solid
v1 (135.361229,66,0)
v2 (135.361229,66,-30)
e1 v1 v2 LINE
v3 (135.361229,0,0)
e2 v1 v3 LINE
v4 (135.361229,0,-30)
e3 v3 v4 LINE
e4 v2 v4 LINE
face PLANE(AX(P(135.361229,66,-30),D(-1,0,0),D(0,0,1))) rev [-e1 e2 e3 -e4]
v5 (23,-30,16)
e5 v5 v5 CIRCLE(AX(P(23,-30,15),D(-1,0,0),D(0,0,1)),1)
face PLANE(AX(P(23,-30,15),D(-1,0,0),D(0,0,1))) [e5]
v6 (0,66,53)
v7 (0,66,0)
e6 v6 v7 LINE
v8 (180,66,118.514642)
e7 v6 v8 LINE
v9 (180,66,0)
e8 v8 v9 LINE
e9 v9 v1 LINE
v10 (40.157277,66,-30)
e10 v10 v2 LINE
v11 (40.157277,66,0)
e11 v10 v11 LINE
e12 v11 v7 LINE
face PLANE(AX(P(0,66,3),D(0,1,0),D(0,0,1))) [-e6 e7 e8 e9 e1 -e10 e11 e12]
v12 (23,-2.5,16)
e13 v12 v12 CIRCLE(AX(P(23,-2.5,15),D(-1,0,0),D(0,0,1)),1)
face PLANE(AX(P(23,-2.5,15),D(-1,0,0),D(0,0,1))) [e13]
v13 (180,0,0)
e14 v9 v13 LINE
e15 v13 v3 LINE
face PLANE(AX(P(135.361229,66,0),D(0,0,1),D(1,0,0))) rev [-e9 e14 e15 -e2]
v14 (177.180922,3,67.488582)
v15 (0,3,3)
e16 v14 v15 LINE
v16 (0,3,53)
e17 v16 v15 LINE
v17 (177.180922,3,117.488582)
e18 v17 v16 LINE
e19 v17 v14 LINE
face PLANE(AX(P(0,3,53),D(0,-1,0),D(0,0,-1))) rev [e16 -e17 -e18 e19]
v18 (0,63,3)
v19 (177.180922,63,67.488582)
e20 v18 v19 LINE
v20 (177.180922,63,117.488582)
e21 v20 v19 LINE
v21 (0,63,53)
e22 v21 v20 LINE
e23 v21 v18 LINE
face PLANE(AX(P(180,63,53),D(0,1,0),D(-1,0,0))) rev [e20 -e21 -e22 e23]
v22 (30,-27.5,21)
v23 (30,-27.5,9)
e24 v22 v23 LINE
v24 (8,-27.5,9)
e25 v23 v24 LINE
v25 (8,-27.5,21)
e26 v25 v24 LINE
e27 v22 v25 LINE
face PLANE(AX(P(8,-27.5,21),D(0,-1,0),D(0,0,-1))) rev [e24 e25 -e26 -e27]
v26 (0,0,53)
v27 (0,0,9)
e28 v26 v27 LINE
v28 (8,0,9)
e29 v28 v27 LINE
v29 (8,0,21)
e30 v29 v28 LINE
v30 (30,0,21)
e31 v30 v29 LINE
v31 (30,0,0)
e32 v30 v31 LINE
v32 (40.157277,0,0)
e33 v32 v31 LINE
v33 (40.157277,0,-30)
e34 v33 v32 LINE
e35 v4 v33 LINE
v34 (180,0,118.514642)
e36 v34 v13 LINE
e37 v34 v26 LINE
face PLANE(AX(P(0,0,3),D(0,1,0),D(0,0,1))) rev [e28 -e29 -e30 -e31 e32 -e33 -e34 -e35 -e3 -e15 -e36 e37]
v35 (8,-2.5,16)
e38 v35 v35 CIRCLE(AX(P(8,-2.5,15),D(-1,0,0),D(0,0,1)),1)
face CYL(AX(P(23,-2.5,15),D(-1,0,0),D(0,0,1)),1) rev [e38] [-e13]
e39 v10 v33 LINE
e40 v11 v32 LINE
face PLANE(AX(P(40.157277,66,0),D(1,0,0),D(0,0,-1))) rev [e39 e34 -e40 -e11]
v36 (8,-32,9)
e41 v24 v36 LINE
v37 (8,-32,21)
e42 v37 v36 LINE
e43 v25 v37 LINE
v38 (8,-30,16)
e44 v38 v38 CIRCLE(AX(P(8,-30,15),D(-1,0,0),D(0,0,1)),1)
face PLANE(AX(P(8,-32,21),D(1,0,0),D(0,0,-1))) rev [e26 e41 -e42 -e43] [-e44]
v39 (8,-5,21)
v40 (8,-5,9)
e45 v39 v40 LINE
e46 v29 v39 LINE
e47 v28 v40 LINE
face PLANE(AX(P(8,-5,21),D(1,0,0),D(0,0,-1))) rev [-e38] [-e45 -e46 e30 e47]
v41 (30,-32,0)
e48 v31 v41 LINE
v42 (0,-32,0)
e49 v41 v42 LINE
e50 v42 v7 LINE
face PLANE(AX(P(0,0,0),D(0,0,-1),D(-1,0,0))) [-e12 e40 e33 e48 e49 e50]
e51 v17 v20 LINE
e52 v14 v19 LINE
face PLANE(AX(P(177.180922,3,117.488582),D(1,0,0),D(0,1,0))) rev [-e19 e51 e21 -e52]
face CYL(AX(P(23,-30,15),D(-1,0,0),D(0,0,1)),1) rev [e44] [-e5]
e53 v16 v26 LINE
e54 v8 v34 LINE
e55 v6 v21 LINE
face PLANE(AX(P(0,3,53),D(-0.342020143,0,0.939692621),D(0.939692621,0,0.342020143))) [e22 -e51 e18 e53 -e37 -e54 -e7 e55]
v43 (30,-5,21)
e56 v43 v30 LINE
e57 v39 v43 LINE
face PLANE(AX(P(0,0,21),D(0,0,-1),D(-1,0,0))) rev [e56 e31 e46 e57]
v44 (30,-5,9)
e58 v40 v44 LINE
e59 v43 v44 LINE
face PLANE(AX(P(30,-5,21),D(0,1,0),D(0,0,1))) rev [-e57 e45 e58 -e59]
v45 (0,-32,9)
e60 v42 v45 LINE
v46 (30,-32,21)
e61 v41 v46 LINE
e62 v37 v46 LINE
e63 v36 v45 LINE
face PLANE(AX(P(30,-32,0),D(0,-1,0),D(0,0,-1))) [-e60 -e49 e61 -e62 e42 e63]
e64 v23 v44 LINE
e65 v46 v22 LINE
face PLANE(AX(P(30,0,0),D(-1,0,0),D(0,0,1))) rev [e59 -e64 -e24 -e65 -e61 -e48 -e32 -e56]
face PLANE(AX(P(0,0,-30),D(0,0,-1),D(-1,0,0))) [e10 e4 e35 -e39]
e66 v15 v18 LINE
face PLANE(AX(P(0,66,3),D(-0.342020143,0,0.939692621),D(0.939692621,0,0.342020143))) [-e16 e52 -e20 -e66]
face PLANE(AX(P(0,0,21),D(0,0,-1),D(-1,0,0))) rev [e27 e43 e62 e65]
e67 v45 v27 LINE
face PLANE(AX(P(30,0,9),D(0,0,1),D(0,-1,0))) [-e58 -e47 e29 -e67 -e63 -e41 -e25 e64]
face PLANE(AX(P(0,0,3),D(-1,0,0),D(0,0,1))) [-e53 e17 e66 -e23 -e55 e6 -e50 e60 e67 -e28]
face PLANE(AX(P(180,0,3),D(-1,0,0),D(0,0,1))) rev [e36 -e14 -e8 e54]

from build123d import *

# Parameters (mm, degrees)
SKETCH_1_W          = 180
SKETCH_1_H          = 66
EXTRUDE_1_DEPTH     = 3
SKETCH_2_W          = 180
SKETCH_2_H          = 3
EXTRUDE_2_DEPTH     = 50
SKETCH_3_W          = 9
SKETCH_3_H          = 32
EXTRUDE_3_DEPTH     = 30
SKETCH_4_W          = 22
SKETCH_4_H          = 5
SKETCH_4_H_2        = 4.5
EXTRUDE_4_DEPTH     = 12
SKETCH_9_W          = 180
SKETCH_9_H          = 66
EXTRUDE_7_DEPTH     = 30
EXTRUDE_8_DEPTH     = 66
EXTRUDE_9_DEPTH     = 3
EXTRUDE_10_DEPTH    = 3
EXTRUDE_11_DEPTH    = 60
SKETCH_16_R         = 1
CUT_EXTRUDE_1_DEPTH = 15
SKETCH_17_W         = 40.157277222
SKETCH_17_H         = 30
SKETCH_17_W_2       = 44.638770814
CUT_EXTRUDE_2_DEPTH = 67


with BuildPart() as part:
    # 草圖1 → 填料-伸長1 (new body)
    with BuildSketch(Plane.XY):
        with Locations((90, 33)):
            Rectangle(SKETCH_1_W, SKETCH_1_H)
    extrude(amount=EXTRUDE_1_DEPTH)

    # 草圖2 → 填料-伸長2 (add)
    with BuildSketch(Plane.XY.offset(3)):
        with Locations((90, 1.5)):
            Rectangle(SKETCH_2_W, SKETCH_2_H)
        with Locations((90, 64.5)):
            Rectangle(SKETCH_2_W, SKETCH_2_H)
    extrude(amount=EXTRUDE_2_DEPTH)

    # 草圖3 → 填料-伸長3 (add)
    with BuildSketch(Plane.ZY):
        with Locations((4.5, -16)):
            Rectangle(SKETCH_3_W, SKETCH_3_H)
    extrude(amount=-EXTRUDE_3_DEPTH)

    # 草圖4 → 填料-伸長4 (add)
    with BuildSketch(Plane.XY.offset(9)):
        with Locations((19, -2.5)):
            Rectangle(SKETCH_4_W, SKETCH_4_H)
        with Locations((19, -29.75)):
            Rectangle(SKETCH_4_W, SKETCH_4_H_2)
    extrude(amount=EXTRUDE_4_DEPTH)

    # 草圖9 → 填料-伸長7 (add)
    with BuildSketch(Plane(origin=(0, 0, 0), x_dir=(-1, 0, 0), z_dir=(0, 0, -1))):
        with Locations((-90, 33)):
            Rectangle(SKETCH_9_W, SKETCH_9_H)
    extrude(amount=EXTRUDE_7_DEPTH)

    # 草圖10 → 填料-伸長8 (add)
    with BuildSketch(Plane.XZ):
        Polygon((0, 0), (180, 0), (180, 68.514642168), (0, 3), align=None)
    extrude(amount=-EXTRUDE_8_DEPTH)

    # 草圖11 → 填料-伸長9 (add)
    with BuildSketch(Plane.XZ):
        Polygon((180, 68.514642168), (180, 118.514642168), (0, 53), (137.373870973, 53), align=None)
    extrude(amount=-EXTRUDE_9_DEPTH)

    # 草圖12 → 填料-伸長10 (add)
    with BuildSketch(Plane(origin=(0, 66, 0), x_dir=(1, 0, 0), z_dir=(0, 1, 0))):
        Polygon((180, -68.514642168), (180, -118.514642168), (0, -53), (137.373870973, -53), align=None)
    extrude(amount=-EXTRUDE_10_DEPTH)

    # 草圖14 → 填料-伸長11 (add)
    with BuildSketch(Plane.XZ.offset(-63)):
        Polygon((180, 118.514642168), (180, 68.514642168), (177.180922138, 67.488581738), (177.180922138, 117.488581738), align=None)
    extrude(amount=EXTRUDE_11_DEPTH)

    # 草圖16 → 除料-伸長1 (cut)
    with BuildSketch(Plane.ZY.offset(-8)):
        with Locations((15, -2.5)):
            Circle(SKETCH_16_R)
        with Locations((15, -30)):
            Circle(SKETCH_16_R)
    extrude(amount=-CUT_EXTRUDE_1_DEPTH, mode=Mode.SUBTRACT)

    # 草圖17 → 除料-伸長2 (cut, through all)
    with BuildSketch(Plane.XZ):
        with Locations((20.078638611, -15)):
            Rectangle(SKETCH_17_W, SKETCH_17_H)
        with Locations((157.680614593, -15)):
            Rectangle(SKETCH_17_W_2, SKETCH_17_H)
    extrude(amount=-CUT_EXTRUDE_2_DEPTH, mode=Mode.SUBTRACT)


solid = part.part
